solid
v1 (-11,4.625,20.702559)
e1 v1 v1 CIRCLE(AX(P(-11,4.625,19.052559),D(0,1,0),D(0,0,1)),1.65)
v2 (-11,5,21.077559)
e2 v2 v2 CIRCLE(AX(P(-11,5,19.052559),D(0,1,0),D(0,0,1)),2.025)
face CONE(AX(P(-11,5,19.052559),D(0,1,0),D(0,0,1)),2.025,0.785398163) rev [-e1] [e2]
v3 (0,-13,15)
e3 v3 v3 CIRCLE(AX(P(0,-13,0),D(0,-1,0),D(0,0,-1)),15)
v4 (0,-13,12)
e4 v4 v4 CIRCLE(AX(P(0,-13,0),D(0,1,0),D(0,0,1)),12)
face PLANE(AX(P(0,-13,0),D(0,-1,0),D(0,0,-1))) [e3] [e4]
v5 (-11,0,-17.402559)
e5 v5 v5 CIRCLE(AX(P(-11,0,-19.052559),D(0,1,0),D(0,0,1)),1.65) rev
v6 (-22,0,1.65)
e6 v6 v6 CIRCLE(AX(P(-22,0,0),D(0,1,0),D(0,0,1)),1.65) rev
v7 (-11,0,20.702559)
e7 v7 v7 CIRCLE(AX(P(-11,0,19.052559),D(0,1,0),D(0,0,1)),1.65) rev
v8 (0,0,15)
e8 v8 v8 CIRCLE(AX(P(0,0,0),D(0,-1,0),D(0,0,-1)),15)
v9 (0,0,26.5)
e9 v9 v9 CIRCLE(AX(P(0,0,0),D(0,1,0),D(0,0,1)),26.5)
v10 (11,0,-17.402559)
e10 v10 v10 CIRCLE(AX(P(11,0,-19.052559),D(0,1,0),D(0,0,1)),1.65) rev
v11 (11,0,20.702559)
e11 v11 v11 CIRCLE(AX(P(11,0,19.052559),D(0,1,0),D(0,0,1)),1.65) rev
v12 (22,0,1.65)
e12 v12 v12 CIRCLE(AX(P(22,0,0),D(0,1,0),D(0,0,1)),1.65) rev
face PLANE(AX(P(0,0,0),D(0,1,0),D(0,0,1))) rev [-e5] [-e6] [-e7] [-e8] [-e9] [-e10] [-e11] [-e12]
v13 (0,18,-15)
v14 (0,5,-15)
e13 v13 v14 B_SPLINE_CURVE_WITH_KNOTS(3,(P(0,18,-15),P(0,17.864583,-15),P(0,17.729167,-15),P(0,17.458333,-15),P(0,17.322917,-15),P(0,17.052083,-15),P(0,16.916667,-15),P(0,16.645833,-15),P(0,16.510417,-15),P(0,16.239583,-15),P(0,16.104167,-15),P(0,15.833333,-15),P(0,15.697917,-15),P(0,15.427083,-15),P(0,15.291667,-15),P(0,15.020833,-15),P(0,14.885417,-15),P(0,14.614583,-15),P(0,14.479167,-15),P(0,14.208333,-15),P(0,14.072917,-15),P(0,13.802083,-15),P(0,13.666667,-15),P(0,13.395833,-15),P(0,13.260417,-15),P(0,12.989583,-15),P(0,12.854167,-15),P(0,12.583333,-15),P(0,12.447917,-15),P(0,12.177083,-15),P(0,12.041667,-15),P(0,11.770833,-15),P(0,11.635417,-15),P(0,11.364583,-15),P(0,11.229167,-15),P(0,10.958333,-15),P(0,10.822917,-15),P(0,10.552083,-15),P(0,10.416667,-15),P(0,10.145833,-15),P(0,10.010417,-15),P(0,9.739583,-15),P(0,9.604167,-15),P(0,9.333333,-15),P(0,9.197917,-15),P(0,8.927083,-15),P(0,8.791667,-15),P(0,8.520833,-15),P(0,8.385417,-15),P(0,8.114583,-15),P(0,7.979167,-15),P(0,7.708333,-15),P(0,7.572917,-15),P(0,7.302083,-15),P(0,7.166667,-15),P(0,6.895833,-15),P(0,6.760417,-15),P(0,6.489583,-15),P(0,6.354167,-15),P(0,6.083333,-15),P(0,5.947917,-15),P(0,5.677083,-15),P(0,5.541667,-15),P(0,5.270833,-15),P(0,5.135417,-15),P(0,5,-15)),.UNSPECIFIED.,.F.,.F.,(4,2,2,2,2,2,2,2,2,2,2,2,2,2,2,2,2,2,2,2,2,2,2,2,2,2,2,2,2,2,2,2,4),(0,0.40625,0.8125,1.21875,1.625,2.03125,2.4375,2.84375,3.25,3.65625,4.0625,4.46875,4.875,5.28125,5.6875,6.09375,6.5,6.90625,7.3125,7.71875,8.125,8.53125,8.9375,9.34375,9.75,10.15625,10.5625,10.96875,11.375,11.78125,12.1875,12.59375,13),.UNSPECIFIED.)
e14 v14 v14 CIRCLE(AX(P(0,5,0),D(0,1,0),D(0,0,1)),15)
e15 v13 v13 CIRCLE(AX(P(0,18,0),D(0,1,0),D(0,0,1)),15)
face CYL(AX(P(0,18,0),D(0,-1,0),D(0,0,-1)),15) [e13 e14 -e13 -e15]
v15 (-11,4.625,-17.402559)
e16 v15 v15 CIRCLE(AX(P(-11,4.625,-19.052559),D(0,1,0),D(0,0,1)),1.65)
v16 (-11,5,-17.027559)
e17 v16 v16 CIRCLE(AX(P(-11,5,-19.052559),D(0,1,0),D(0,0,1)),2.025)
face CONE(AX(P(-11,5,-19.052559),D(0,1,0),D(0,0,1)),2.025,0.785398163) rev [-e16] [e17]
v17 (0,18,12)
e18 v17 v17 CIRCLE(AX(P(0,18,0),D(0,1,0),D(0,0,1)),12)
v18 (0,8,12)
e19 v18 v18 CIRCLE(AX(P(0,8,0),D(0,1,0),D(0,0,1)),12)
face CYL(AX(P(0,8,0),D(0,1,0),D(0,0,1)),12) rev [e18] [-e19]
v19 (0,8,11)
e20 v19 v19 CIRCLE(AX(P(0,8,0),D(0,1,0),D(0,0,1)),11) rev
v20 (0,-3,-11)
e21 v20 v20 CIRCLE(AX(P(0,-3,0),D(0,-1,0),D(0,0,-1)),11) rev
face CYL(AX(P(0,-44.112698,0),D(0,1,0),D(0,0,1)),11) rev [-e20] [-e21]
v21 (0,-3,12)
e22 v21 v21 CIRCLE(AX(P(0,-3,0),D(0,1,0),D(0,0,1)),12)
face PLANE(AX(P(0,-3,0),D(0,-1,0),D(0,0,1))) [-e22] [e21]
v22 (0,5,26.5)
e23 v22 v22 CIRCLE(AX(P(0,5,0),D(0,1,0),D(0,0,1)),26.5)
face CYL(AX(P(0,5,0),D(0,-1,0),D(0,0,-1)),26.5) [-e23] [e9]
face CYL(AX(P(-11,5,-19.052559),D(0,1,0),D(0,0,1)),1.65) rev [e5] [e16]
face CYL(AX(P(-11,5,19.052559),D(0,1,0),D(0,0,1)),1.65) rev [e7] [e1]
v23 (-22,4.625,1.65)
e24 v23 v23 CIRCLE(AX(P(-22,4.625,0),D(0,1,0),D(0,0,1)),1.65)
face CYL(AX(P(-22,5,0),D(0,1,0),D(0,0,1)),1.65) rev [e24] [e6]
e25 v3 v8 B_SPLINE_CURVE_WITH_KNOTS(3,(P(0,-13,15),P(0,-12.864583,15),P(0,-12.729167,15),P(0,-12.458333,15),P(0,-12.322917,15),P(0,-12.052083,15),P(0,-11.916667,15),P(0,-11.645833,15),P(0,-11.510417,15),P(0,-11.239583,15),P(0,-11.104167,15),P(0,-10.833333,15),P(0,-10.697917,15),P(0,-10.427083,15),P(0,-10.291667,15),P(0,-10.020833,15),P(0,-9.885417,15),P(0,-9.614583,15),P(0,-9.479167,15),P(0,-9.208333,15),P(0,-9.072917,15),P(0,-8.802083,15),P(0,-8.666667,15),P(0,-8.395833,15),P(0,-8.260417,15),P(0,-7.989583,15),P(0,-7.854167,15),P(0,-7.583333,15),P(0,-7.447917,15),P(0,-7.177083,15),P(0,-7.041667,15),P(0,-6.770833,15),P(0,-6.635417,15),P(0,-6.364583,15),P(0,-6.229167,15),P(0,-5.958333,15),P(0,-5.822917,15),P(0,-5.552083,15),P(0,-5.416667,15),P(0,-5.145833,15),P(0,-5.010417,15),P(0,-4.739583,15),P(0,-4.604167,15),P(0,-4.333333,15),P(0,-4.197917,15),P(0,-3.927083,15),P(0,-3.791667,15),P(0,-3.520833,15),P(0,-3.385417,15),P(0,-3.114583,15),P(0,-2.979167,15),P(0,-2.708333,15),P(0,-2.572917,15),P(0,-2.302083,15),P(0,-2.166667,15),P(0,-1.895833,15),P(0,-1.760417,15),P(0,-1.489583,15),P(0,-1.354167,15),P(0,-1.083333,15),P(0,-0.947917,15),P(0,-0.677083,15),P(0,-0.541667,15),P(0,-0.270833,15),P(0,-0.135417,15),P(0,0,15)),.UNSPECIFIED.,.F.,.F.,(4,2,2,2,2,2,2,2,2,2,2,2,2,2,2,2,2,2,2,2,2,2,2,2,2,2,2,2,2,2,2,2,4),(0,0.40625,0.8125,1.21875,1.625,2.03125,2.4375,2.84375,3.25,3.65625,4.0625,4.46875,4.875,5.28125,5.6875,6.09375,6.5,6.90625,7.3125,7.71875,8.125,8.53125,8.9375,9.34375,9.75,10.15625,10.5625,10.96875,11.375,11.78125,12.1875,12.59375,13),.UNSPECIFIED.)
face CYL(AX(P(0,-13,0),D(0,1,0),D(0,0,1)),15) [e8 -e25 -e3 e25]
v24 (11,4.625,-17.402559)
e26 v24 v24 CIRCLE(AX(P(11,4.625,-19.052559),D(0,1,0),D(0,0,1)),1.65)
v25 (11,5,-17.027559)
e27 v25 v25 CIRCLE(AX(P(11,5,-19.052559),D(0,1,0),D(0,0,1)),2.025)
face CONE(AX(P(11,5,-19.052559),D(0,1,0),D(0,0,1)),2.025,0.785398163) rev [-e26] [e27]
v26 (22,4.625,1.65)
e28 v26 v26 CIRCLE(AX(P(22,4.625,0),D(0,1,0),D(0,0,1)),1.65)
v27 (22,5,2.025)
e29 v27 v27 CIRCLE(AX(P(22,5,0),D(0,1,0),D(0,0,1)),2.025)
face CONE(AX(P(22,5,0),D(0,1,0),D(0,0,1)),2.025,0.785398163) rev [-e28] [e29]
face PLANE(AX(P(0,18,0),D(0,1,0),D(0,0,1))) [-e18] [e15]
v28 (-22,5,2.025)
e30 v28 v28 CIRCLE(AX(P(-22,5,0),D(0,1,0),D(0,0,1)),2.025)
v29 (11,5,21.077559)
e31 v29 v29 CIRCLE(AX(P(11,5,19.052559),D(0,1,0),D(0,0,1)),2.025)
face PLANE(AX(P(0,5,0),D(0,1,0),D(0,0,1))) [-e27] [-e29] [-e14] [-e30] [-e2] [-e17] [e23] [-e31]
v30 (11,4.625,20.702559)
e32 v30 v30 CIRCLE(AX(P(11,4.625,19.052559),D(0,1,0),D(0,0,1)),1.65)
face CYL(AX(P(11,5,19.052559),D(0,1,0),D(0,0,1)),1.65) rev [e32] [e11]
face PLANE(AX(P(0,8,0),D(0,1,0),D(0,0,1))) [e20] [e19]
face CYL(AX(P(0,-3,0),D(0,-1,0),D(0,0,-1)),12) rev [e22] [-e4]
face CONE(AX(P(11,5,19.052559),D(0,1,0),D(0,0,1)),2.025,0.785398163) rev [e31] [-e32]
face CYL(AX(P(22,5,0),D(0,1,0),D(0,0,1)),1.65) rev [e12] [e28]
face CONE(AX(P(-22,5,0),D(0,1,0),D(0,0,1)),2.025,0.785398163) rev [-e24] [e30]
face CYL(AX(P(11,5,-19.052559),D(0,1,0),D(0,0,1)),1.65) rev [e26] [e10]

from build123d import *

# Parameters (mm, degrees)
SKETCH_1_R                   = 26.5
EXTRUDE_2_DEPTH              = 5
SKETCH_3_R                   = 15
EXTRUDE_3_DEPTH              = 13
EXTRUDE_START                = 13
SKETCH_4_R                   = 15
EXTRUDE_4_DEPTH              = 13
HOLE_WIZARD_M4_1_D           = 3.3
HOLE_WIZARD_M4_1_CSINK_D     = 4.05
HOLE_WIZARD_M4_1_CSINK_ANGLE = 90
PATTERN_CIRCULAR_1_COUNT     = 6
SKETCH_7_R                   = 11
CUT_EXTRUDE_1_DEPTH          = 31
SKETCH_8_R                   = 12
CUT_EXTRUDE_2_DEPTH          = 10


with BuildPart() as part:
    # 草图1 → 凸台-拉伸2 (new body)
    with BuildSketch(Plane(origin=(0, 0, 0), x_dir=(1, 0, 0), z_dir=(0, 1, 0))):
        with Locations(Location((0, 0, 0), (0, 0, 270))):
            Circle(SKETCH_1_R)
    extrude(amount=EXTRUDE_2_DEPTH)

    # 草图3 → 凸台-拉伸3 (add)
    with BuildSketch(Plane(origin=(0, 5, 0), x_dir=(1, 0, 0), z_dir=(0, 1, 0))):
        with Locations(Location((0, 0, 0), (0, 0, 90))):
            Circle(SKETCH_3_R)
    extrude(amount=EXTRUDE_3_DEPTH)

    # 草图4 → 凸台-拉伸4 (add)
    with BuildSketch(Plane.XZ.offset(EXTRUDE_START)):
        with Locations(Location((0, 0, 0), (0, 0, 270))):
            Circle(SKETCH_4_R)
    extrude(amount=-EXTRUDE_4_DEPTH)

    # M4 螺纹孔1 (through all)
    with Locations(Plane(origin=(22, 5, 0), x_dir=(0, 0, 1), z_dir=(0, 1, 0))):
        with Locations((0, 0)):
            hole_wizard_m4_1 = CounterSinkHole(HOLE_WIZARD_M4_1_D / 2, HOLE_WIZARD_M4_1_CSINK_D / 2, counter_sink_angle=HOLE_WIZARD_M4_1_CSINK_ANGLE)

    # 阵列(圆周)1: M4 螺纹孔1 ×6 about axis
    pattern_circular_1_axis = Axis((0, 0, 0), (0, 1, 0))
    for i in range(1, PATTERN_CIRCULAR_1_COUNT):
        add(hole_wizard_m4_1.rotate(pattern_circular_1_axis, i * 360 / PATTERN_CIRCULAR_1_COUNT), mode=Mode.SUBTRACT)

    # 草图7 → 切除-拉伸1 (cut)
    with BuildSketch(Plane(origin=(0, 18, 0), x_dir=(1, 0, 0), z_dir=(0, 1, 0))):
        with Locations(Location((0, 0, 0), (0, 0, 270))):
            Circle(SKETCH_7_R)
    extrude(amount=-CUT_EXTRUDE_1_DEPTH, mode=Mode.SUBTRACT)

    # 草图8 → 切除-拉伸2 (cut)
    with BuildSketch(Plane(origin=(0, 18, 0), x_dir=(1, 0, 0), z_dir=(0, 1, 0))):
        with Locations(Location((0, 0, 0), (0, 0, 270))):
            Circle(SKETCH_8_R)
    cut_extrude_2 = extrude(amount=-CUT_EXTRUDE_2_DEPTH, mode=Mode.SUBTRACT)

    # 镜向1: 切除-拉伸2 across plane
    add(cut_extrude_2.mirror(Plane.ZX.offset(2.5)), mode=Mode.SUBTRACT)


solid = part.part
